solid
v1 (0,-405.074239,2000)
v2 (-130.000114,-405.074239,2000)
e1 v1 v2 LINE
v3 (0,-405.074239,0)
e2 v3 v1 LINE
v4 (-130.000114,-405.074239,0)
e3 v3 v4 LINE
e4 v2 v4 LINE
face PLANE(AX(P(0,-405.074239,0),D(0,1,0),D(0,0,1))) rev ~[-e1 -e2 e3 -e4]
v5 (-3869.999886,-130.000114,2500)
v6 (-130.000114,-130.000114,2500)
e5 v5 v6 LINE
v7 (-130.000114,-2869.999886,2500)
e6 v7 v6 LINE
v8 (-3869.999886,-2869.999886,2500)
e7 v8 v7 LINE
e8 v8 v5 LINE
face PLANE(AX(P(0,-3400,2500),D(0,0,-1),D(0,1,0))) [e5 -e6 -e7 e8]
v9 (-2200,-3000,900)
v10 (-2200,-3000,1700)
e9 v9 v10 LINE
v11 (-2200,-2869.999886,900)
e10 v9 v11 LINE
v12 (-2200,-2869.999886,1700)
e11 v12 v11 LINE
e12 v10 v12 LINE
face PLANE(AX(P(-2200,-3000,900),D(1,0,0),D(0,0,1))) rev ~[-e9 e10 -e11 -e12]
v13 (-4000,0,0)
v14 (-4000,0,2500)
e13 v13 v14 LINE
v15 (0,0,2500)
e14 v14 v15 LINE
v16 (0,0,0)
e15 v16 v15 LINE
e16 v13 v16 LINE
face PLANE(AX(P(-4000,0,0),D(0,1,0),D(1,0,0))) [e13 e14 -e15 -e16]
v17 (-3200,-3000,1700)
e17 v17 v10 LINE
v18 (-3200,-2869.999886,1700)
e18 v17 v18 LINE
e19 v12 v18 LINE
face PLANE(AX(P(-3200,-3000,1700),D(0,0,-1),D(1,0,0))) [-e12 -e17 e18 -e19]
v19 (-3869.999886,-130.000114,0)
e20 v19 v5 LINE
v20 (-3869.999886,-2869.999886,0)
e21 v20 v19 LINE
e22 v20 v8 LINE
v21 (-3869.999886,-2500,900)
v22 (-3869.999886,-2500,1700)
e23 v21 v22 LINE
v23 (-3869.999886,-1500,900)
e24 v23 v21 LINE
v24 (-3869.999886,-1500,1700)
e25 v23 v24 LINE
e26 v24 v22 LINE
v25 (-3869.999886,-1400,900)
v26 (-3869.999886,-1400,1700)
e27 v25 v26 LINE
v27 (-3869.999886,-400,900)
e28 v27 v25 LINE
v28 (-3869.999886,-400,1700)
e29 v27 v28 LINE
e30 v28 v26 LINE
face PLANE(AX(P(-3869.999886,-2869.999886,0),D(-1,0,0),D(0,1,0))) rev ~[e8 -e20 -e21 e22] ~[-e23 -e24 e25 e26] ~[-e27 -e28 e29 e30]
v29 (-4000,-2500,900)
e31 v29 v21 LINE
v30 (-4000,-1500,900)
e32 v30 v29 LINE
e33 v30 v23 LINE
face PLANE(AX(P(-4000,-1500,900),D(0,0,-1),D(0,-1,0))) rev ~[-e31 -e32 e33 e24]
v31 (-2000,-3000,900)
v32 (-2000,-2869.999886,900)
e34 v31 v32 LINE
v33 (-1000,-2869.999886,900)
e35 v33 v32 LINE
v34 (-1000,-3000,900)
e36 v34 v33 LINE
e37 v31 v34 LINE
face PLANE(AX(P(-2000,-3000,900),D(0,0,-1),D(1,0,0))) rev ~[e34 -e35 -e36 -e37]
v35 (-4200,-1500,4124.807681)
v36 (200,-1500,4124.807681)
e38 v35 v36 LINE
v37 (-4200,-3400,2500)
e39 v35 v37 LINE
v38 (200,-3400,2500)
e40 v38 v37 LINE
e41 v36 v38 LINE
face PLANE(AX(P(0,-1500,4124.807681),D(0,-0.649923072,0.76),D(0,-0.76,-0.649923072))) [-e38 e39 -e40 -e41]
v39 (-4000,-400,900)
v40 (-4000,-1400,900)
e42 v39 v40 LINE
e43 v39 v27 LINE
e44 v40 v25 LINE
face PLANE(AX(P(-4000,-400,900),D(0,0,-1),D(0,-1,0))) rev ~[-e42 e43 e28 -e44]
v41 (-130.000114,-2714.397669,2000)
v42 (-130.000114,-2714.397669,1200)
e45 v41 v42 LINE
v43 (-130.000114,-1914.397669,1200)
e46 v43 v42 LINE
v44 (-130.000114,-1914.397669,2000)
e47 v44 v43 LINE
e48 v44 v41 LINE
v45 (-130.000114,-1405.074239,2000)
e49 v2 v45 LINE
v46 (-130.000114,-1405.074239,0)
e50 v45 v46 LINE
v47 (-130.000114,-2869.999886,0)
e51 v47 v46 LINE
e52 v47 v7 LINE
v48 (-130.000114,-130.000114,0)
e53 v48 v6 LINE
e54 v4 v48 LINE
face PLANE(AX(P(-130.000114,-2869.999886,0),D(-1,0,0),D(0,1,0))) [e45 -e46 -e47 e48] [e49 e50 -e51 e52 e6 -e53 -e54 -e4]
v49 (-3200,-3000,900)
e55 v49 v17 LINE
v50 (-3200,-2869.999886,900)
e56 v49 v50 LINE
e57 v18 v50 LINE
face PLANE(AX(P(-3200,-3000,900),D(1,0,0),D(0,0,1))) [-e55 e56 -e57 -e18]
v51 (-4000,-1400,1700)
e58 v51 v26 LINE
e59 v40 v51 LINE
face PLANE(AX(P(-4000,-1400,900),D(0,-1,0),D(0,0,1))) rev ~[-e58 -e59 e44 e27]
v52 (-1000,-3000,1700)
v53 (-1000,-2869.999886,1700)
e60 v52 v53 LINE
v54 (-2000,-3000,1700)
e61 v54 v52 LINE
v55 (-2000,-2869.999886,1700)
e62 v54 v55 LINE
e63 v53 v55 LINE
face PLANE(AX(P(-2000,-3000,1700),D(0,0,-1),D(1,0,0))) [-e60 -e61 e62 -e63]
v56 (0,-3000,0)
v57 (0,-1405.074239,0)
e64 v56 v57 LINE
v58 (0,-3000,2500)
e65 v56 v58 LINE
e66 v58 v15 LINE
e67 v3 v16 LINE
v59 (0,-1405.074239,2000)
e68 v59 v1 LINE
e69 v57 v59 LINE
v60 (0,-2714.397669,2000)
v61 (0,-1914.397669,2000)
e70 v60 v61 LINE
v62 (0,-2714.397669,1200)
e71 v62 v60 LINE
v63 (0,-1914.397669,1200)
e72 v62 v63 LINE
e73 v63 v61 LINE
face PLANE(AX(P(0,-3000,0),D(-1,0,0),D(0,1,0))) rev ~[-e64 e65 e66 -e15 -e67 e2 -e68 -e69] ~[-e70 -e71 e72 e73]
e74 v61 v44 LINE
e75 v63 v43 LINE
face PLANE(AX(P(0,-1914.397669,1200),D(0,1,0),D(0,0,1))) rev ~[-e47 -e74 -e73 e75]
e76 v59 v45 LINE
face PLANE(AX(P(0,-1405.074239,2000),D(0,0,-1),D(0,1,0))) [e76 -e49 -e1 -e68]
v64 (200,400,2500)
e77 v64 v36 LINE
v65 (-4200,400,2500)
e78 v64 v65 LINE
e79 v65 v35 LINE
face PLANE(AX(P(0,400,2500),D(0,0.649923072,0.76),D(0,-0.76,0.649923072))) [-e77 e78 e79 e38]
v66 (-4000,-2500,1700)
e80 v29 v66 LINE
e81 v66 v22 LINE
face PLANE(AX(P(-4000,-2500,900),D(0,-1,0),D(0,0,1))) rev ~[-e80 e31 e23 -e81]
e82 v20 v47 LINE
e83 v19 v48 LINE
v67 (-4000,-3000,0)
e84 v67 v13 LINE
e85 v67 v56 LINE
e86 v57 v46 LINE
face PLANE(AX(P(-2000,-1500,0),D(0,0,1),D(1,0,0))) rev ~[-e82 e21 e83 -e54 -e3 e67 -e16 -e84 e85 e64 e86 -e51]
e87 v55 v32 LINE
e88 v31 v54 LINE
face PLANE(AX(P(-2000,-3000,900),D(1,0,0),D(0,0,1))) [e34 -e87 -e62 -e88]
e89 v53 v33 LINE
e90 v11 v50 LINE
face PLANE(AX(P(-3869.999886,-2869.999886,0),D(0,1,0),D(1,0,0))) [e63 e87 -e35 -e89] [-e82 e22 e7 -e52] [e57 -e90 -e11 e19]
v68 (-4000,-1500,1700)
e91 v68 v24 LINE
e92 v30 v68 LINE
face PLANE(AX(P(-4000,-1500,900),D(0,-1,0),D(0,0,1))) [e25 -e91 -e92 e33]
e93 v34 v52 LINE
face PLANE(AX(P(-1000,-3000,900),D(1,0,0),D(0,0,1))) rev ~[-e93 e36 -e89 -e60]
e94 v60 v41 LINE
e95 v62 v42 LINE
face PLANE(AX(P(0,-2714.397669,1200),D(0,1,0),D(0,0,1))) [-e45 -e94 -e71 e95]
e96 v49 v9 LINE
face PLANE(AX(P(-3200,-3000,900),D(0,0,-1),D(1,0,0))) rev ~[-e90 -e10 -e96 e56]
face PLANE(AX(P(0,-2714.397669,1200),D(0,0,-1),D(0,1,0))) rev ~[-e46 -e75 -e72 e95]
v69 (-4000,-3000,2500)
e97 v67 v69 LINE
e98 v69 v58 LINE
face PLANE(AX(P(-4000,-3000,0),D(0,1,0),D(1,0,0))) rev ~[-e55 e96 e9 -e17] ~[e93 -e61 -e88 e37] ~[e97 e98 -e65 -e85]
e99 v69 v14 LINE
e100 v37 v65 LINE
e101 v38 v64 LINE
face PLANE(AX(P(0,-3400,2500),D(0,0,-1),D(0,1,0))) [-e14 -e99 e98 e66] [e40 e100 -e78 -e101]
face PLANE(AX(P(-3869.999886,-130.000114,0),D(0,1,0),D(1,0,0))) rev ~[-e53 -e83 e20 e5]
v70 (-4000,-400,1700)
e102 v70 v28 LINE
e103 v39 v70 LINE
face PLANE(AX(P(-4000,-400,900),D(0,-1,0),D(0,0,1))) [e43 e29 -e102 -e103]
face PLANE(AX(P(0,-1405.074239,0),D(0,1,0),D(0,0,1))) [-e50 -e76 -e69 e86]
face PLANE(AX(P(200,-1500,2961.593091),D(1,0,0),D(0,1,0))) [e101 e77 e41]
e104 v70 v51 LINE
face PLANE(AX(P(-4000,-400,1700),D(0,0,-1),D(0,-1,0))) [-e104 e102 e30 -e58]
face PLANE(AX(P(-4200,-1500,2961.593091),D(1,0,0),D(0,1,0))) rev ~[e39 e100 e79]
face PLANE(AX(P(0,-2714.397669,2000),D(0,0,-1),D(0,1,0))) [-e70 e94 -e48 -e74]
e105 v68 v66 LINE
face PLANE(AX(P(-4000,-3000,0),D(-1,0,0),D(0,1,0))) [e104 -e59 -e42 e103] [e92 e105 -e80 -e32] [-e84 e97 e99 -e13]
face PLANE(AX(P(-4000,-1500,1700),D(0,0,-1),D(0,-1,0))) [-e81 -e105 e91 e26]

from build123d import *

# Parameters (mm, degrees)
F0_W          = 4000
F0_H          = 3000
F0_W_2        = 3739.999772
F0_H_2        = 2739.999772
F1_DEPTH      = 2500
F2_W          = 1000
F2_H          = 2000
F2_W_2        = 800
F2_H_2        = 800
F3_DEPTH      = 200
F4_W          = 1000
F4_H          = 800
F5_DEPTH      = 200
F7_DEPTH      = 200
F7_DEPTH_BACK = 4200
F8_W          = 1000
F8_H          = 800
F9_DEPTH      = 200


with BuildPart() as f1:
    # F0 (on Top) → F1 (new body)
    with BuildSketch(Plane.XY):
        with Locations((-2000, -1500)):
            Rectangle(F0_W, F0_H)
        with Locations((-2000, -1500)):
            Rectangle(F0_W_2, F0_H_2, mode=Mode.SUBTRACT)
    extrude(amount=F1_DEPTH)

    # F2 (on face) → F3 (cut)
    with BuildSketch(Plane.YZ):
        with Locations((-905.074239, 1000)):
            Rectangle(F2_W, F2_H)
        with Locations((-2314.397669, 1600)):
            Rectangle(F2_W_2, F2_H_2)
    extrude(amount=-F3_DEPTH, mode=Mode.SUBTRACT)

    # F4 (on face) → F5 (cut)
    with BuildSketch(Plane.XZ.offset(3000)):
        with Locations((-2700, 1300)):
            Rectangle(F4_W, F4_H)
        with Locations((-1500, 1300)):
            Rectangle(F4_W, F4_H)
    extrude(amount=-F5_DEPTH, mode=Mode.SUBTRACT)

    # F6 (on face) → F7 (join, two sides)
    with BuildSketch(Plane.YZ) as f7_sk:
        Polygon((-3000, 2500), (0, 2500), (400, 2500), (-1500, 4124.807681), (-3400, 2500), align=None)
    extrude(amount=F7_DEPTH)
    extrude(f7_sk.sketch, amount=-F7_DEPTH_BACK)

    # F8 (on face) → F9 (cut)
    with BuildSketch(Plane(origin=(-4000, 0, 0), x_dir=(0, -1, 0), z_dir=(-1, 0, 0))):
        with Locations((900, 1300)):
            Rectangle(F8_W, F8_H)
        with Locations((2000, 1300)):
            Rectangle(F8_W, F8_H)
    extrude(amount=-F9_DEPTH, mode=Mode.SUBTRACT)


solid = f1.part
